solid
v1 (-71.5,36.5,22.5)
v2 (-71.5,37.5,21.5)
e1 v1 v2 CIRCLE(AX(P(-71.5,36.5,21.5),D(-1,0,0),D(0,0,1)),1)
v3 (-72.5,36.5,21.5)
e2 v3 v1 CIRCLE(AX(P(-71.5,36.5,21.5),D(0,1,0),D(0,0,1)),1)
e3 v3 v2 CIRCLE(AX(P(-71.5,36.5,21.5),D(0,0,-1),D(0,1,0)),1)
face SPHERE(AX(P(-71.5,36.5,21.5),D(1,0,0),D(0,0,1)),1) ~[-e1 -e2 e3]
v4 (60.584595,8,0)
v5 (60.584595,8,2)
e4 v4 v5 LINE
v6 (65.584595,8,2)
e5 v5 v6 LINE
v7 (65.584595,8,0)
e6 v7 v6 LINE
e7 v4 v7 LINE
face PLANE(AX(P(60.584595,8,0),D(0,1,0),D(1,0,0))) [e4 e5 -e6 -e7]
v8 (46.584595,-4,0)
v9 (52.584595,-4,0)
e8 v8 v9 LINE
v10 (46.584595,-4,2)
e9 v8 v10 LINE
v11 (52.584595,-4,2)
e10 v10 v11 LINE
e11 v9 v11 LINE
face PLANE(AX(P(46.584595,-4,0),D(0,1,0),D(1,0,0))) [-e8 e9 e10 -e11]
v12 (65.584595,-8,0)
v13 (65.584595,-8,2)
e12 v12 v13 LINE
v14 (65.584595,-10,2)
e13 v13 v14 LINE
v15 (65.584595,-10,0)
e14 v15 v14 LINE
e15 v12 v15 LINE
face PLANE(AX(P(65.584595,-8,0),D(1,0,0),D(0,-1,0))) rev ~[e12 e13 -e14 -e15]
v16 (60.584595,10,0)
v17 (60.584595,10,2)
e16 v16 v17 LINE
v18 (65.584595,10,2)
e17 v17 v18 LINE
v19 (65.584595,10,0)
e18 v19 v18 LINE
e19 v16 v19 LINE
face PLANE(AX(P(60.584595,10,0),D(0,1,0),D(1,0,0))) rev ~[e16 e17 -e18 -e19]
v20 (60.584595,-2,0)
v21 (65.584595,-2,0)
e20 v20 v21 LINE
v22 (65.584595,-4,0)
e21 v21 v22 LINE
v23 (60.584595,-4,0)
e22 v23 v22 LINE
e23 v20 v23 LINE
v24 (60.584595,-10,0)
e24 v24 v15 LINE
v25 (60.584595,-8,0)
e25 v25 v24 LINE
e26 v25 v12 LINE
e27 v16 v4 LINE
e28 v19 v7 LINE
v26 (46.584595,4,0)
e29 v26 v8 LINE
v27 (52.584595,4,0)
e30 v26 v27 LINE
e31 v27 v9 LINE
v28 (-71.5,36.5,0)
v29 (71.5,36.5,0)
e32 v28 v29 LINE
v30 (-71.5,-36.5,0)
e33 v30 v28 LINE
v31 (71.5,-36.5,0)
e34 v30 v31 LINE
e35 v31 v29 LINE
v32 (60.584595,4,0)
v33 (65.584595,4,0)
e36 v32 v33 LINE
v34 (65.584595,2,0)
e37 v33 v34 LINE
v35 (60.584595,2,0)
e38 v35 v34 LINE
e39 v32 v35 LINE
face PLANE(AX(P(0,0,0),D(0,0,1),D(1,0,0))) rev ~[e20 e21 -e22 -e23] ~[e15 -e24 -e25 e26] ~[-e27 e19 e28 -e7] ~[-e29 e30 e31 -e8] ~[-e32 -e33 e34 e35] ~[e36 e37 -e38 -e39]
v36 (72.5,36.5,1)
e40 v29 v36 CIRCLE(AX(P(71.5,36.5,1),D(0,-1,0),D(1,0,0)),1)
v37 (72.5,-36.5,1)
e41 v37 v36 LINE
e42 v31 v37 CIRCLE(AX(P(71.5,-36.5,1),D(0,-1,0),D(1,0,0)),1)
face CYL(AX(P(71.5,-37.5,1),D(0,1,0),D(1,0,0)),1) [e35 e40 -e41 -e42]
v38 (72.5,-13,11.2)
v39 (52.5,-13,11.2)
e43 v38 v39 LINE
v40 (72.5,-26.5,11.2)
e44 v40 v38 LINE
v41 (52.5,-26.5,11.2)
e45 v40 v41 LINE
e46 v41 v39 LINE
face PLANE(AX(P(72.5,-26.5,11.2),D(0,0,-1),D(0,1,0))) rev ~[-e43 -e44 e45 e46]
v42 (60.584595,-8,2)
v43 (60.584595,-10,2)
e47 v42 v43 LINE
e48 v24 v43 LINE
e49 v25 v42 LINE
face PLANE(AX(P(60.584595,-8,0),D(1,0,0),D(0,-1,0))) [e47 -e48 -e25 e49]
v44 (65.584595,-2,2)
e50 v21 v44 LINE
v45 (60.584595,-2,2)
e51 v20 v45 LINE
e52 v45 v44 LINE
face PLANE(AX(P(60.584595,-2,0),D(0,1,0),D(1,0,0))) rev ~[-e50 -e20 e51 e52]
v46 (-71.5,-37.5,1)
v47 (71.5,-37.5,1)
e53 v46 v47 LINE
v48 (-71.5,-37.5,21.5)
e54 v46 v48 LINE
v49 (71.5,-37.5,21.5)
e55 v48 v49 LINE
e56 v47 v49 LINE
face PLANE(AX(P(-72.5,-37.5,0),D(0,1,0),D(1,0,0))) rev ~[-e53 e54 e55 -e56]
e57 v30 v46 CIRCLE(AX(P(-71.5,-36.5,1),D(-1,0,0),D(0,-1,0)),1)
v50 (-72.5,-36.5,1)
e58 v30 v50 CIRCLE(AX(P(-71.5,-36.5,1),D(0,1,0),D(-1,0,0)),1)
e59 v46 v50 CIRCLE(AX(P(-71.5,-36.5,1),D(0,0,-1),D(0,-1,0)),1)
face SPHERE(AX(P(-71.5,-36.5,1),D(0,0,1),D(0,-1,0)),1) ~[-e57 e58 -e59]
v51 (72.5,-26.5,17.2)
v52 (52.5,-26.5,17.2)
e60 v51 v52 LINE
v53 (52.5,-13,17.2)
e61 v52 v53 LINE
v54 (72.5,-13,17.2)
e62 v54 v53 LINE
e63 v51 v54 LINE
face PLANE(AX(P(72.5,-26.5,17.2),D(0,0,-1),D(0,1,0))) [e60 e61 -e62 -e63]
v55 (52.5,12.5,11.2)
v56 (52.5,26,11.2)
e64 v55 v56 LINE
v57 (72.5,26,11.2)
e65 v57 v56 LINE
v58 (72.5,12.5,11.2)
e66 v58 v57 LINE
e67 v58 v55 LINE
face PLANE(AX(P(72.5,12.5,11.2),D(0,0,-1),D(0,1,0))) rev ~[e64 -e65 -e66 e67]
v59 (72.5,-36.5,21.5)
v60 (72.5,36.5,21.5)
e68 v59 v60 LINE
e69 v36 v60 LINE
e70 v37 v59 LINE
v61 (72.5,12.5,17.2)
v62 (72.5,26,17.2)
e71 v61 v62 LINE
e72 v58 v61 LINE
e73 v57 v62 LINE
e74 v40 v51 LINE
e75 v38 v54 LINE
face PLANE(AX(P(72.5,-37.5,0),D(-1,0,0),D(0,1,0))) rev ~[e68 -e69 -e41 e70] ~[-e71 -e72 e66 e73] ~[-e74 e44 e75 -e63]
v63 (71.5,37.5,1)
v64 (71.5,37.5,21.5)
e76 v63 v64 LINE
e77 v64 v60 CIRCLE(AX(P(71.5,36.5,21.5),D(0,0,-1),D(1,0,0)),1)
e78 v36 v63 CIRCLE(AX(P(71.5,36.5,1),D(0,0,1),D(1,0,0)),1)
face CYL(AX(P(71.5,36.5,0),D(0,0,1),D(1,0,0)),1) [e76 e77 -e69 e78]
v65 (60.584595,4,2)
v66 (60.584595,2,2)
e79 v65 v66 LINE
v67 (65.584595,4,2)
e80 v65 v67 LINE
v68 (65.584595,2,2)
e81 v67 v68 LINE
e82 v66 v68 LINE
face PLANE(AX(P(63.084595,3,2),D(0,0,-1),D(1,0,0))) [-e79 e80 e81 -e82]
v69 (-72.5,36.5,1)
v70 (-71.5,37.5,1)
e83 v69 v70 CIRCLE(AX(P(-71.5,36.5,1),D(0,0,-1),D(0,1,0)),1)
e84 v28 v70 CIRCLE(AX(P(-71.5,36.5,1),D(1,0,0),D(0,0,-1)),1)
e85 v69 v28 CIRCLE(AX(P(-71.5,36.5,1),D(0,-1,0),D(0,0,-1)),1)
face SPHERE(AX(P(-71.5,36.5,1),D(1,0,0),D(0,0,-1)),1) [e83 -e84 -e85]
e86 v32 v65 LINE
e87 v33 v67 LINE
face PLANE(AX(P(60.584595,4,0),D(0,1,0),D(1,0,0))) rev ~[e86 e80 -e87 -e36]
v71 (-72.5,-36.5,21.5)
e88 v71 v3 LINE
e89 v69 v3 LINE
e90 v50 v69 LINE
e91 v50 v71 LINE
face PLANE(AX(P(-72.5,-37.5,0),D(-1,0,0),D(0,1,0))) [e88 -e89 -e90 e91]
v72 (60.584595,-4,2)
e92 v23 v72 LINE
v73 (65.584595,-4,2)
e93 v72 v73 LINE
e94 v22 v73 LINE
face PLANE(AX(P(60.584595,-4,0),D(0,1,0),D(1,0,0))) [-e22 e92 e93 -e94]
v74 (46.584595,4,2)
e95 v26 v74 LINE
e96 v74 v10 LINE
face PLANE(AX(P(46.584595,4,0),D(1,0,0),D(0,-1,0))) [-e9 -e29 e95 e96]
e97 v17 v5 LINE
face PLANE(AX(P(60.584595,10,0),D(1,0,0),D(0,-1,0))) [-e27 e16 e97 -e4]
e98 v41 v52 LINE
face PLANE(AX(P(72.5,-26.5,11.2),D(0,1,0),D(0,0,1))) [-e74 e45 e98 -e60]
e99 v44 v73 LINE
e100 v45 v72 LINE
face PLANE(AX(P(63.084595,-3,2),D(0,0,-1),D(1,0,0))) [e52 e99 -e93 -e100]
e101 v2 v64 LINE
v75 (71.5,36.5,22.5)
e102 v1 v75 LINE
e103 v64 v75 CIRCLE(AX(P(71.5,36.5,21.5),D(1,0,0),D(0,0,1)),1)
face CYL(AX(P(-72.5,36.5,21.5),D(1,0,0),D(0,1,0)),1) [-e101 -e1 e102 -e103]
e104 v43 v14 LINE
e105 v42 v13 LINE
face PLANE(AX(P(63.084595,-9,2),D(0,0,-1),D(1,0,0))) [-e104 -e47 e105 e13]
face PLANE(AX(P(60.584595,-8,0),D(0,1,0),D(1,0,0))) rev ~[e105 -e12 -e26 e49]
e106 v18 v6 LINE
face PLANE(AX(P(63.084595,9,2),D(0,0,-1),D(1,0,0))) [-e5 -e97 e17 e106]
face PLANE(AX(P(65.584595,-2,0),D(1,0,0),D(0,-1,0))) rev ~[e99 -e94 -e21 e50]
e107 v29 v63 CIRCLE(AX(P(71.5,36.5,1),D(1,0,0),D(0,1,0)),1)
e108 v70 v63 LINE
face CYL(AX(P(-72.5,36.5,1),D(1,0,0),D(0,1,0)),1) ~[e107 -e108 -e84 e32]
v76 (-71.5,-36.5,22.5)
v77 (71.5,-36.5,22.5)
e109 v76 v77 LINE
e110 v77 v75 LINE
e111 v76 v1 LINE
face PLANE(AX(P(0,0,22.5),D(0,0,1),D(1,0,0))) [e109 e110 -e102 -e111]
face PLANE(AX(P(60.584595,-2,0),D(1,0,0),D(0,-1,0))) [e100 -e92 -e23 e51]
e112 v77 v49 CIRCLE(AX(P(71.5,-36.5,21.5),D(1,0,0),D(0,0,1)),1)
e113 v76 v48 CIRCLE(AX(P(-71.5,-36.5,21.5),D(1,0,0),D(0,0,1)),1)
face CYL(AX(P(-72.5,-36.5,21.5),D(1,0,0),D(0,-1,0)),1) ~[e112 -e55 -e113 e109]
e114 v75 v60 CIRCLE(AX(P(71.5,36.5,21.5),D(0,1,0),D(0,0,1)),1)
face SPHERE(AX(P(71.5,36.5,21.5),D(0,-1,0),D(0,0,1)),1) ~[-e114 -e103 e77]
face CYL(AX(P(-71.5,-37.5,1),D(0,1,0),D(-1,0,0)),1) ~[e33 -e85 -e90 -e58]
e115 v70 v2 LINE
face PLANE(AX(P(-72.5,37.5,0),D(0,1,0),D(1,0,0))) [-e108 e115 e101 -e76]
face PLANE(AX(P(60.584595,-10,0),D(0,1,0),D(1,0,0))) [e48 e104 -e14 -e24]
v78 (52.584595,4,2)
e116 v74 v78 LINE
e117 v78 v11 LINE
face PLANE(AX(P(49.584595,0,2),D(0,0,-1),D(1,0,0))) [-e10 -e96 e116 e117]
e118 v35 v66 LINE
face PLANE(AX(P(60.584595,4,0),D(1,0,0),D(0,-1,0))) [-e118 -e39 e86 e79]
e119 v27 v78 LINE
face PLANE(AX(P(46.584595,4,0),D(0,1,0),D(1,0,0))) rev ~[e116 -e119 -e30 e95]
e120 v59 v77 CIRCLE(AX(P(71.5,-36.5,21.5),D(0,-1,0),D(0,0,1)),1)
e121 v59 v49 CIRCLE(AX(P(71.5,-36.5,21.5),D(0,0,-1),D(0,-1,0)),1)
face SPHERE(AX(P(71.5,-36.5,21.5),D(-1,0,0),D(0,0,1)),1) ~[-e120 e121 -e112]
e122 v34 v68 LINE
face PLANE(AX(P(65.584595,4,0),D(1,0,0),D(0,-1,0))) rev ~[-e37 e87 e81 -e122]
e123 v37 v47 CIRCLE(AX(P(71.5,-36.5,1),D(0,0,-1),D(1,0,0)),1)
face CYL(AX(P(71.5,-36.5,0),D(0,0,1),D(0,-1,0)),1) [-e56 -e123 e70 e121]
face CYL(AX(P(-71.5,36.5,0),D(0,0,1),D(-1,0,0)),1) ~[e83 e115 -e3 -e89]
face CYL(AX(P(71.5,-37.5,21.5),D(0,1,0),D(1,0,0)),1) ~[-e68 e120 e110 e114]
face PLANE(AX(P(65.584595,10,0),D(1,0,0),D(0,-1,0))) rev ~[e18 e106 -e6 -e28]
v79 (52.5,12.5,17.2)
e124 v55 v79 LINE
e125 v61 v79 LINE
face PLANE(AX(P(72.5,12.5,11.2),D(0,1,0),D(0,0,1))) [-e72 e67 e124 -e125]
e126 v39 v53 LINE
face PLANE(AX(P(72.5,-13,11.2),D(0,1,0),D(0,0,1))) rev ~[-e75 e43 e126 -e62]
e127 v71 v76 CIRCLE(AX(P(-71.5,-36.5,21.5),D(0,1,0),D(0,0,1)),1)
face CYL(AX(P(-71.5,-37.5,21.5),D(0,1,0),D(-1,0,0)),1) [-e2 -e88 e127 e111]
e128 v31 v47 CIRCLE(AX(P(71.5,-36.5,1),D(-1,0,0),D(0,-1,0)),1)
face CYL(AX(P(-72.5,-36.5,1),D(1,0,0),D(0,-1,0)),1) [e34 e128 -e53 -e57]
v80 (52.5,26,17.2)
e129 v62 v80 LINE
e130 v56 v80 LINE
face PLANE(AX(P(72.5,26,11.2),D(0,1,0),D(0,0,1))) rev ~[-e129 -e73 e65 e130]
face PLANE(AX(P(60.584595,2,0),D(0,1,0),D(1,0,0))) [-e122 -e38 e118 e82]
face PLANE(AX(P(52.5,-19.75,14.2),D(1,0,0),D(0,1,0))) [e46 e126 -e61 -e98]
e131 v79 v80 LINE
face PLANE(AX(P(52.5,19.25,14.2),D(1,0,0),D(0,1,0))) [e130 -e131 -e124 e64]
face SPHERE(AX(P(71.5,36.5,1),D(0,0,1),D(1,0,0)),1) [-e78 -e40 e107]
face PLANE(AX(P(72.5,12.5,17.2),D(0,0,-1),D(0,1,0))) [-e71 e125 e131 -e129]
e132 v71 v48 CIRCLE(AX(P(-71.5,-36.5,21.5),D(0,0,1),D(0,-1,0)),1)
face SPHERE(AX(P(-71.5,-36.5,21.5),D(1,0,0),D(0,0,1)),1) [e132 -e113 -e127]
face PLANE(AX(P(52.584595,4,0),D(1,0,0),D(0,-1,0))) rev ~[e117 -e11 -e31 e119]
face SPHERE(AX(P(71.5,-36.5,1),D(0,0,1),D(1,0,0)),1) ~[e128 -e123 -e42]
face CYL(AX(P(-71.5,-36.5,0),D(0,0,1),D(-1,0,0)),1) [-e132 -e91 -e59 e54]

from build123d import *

# Parameters (mm, degrees)
SKETCH_W        = 145
SKETCH_H        = 75
PAD_DEPTH       = 22.5
FILLET_R        = 1
SKETCH001_W     = 5
SKETCH001_H     = 2
SKETCH001_W_2   = 6
SKETCH001_H_2   = 8
POCKET_DEPTH    = 2
SKETCH002_W     = 13.5
SKETCH002_H     = 6
POCKET001_DEPTH = 20


with BuildPart() as part:
    # Sketch → Pad (new body)
    with BuildSketch(Plane.XY):
        Rectangle(SKETCH_W, SKETCH_H)
    extrude(amount=PAD_DEPTH)

    # Fillet
    fillet_edges = [part.edges().sort_by_distance(p)[0] for p in [
        (0, -37.5, 22.5),
        (72.5, 0, 22.5),
        (0, 37.5, 22.5),
        (-72.5, 0, 22.5),
        (-72.5, -37.5, 11.25),
        (72.5, -37.5, 11.25),
        (72.5, 37.5, 11.25),
        (72.5, 0, 0),
        (0, -37.5, 0),
        (0, 37.5, 0),
        (-72.5, 0, 0),
        (-72.5, 37.5, 11.25),
    ]]
    fillet(fillet_edges, radius=FILLET_R)

    # Sketch001 (on Face13 of Fillet) → Pocket (cut)
    with BuildSketch(Plane(origin=(0, 0, 0), x_dir=(1, 0, 0), z_dir=(0, 0, -1))):
        with Locations((63.084595, 9)):
            Rectangle(SKETCH001_W, SKETCH001_H)
        with Locations((63.084595, 3)):
            Rectangle(SKETCH001_W, SKETCH001_H)
        with Locations((63.084595, -3)):
            Rectangle(SKETCH001_W, SKETCH001_H)
        with Locations((63.084595, -9)):
            Rectangle(SKETCH001_W, SKETCH001_H)
        with Locations((49.584595, 0)):
            Rectangle(SKETCH001_W_2, SKETCH001_H_2)
    extrude(amount=-POCKET_DEPTH, mode=Mode.SUBTRACT)

    # Sketch002 (on Face12 of Pocket) → Pocket001 (cut)
    with BuildSketch(Plane.YZ.offset(72.5)):
        with Locations((19.25, 14.2)):
            Rectangle(SKETCH002_W, SKETCH002_H)
        with Locations((-19.75, 14.2)):
            Rectangle(SKETCH002_W, SKETCH002_H)
    extrude(amount=-POCKET001_DEPTH, mode=Mode.SUBTRACT)


solid = part.part
